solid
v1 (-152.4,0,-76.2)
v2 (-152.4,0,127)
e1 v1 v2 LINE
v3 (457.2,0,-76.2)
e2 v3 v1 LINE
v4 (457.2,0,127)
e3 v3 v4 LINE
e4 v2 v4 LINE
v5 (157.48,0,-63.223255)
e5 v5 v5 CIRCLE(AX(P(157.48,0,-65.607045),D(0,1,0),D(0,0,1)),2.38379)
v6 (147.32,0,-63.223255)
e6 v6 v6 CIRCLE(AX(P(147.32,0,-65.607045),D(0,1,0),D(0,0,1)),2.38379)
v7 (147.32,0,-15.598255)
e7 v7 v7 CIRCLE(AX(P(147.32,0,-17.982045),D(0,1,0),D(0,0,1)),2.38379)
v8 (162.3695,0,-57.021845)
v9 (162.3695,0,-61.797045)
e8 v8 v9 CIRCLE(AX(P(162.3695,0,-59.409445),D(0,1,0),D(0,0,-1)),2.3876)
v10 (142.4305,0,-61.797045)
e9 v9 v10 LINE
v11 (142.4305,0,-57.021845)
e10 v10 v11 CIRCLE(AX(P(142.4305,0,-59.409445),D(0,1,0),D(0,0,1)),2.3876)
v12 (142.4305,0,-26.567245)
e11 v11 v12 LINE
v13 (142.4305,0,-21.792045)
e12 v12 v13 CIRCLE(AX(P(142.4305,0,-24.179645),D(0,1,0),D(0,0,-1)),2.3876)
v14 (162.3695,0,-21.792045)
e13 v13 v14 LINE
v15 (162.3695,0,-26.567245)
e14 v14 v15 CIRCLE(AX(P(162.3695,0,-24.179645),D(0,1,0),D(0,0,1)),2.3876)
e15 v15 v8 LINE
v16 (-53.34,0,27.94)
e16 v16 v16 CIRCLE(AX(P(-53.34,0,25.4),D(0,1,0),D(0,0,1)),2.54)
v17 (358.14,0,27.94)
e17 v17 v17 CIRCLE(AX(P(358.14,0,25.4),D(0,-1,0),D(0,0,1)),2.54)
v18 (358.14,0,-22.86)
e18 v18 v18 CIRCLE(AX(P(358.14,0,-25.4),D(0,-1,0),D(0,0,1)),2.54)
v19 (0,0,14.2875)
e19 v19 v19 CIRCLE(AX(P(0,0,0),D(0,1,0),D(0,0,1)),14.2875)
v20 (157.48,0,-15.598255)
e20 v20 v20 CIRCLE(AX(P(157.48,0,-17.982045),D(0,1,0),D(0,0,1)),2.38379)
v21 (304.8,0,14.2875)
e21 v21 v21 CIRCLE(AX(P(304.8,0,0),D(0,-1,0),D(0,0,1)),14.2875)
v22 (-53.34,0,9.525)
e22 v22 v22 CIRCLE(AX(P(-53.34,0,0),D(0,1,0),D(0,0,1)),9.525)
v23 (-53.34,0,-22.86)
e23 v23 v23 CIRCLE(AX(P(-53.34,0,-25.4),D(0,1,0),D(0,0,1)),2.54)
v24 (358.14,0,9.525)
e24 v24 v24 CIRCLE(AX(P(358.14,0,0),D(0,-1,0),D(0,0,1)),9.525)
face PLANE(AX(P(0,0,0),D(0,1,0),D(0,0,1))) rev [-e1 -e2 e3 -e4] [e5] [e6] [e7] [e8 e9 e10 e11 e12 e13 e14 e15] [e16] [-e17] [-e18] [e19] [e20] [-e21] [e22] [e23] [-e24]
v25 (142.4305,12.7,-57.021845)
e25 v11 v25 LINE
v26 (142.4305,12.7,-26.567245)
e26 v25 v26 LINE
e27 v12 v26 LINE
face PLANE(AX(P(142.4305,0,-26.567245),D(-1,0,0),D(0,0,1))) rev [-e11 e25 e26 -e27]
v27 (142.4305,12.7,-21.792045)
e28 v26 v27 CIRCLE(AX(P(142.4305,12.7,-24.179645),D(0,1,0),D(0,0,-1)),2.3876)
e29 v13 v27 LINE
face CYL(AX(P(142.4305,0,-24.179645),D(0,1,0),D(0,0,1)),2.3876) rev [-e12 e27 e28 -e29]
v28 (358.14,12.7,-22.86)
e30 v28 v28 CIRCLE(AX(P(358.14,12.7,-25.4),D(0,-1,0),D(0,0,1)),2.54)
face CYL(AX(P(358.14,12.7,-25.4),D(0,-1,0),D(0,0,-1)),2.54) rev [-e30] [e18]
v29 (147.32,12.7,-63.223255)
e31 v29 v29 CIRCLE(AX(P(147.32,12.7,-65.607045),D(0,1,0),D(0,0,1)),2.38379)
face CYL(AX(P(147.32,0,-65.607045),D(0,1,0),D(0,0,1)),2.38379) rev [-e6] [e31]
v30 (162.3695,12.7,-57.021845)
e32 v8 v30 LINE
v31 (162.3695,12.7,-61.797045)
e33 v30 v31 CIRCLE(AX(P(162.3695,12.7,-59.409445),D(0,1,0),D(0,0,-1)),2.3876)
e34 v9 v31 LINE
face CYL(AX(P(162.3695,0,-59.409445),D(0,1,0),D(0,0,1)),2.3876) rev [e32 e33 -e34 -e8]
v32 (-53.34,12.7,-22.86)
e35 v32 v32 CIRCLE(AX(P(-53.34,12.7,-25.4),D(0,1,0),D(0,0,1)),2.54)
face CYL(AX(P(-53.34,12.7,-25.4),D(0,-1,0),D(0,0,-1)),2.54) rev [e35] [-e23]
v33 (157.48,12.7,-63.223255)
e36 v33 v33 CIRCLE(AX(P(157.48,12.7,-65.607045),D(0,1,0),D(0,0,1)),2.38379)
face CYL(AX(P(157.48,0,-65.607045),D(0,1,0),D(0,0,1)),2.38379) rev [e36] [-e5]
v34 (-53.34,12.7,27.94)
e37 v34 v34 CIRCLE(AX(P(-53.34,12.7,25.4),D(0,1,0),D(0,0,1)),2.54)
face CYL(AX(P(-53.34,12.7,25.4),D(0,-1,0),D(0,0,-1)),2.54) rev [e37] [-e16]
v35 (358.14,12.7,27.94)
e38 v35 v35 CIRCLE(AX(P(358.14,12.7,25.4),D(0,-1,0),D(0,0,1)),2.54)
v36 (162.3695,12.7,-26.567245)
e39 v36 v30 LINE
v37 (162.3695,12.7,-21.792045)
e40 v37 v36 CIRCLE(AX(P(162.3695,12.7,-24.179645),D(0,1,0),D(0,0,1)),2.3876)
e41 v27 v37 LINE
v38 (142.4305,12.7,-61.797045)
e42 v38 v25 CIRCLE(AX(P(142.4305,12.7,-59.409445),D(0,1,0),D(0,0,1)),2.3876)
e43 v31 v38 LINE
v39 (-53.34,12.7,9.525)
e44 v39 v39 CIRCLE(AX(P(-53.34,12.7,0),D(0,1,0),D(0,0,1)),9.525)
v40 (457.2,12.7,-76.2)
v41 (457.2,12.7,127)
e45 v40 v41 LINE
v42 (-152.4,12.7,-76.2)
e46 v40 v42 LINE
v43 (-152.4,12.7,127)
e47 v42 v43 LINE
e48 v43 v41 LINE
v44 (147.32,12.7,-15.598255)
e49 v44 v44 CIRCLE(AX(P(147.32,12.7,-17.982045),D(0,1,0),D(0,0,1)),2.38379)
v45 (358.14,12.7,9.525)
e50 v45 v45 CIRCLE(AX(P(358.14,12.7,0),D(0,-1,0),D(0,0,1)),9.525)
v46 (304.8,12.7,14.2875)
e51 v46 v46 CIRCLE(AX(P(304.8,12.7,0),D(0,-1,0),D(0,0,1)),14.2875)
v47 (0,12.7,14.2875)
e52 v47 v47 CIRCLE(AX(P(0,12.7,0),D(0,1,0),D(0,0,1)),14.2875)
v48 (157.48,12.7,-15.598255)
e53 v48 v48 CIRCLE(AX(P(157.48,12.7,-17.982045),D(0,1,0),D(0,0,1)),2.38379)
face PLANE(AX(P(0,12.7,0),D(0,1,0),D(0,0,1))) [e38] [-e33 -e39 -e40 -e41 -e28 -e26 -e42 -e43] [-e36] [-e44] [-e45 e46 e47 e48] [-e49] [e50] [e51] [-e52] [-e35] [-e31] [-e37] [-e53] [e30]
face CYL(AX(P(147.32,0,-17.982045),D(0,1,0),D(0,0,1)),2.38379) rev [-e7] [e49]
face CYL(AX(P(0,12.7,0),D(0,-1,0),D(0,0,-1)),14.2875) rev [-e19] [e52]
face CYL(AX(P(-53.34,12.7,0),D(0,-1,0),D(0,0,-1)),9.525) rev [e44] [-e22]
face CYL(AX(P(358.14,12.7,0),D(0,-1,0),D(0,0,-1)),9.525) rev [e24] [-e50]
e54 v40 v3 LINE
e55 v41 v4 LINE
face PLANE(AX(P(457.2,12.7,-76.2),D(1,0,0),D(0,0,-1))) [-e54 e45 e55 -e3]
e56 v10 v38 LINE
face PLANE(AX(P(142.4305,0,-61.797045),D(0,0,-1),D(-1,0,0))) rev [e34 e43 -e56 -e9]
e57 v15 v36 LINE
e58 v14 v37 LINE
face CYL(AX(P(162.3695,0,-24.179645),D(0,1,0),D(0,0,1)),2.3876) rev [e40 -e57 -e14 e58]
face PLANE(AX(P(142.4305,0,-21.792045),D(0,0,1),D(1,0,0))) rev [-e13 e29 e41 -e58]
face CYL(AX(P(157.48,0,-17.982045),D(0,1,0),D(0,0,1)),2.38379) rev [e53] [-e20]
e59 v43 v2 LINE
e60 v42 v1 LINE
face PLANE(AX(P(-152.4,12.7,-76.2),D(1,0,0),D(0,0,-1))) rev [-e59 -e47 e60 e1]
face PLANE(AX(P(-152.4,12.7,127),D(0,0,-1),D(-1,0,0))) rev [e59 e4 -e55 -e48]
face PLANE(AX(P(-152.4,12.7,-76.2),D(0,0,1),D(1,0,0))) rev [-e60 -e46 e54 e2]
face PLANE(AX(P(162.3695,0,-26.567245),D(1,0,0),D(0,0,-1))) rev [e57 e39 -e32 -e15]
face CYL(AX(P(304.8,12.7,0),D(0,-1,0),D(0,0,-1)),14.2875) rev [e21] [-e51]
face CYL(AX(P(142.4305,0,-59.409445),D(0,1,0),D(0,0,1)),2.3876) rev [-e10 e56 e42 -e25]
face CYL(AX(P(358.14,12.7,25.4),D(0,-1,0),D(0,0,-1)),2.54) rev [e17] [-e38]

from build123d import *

# Parameters (mm, degrees)
SKETCH1_W           = 304.8
SKETCH1_H           = 203.2
SKETCH1_R           = 14.2875
SKETCH1_R_2         = 9.525
SKETCH1_R_3         = 2.54
BOSS_EXTRUDE1_DEPTH = 12.7
SKETCH5_R           = 2.38379
CUT_EXTRUDE2_DEPTH  = 475.681082412


with BuildPart() as part:
    # Sketch1 → Boss-Extrude1 (new body)
    with BuildSketch(Plane(origin=(0, 0, 0), x_dir=(1, 0, 0), z_dir=(0, 1, 0))):
        with Locations((0, -25.4)):
            Rectangle(SKETCH1_W, SKETCH1_H)
        with Locations(Location((0, 0, 0), (0, 0, 270))):
            Circle(SKETCH1_R, mode=Mode.SUBTRACT)
        with Locations(Location((-53.34, 0, 0), (0, 0, 270))):
            Circle(SKETCH1_R_2, mode=Mode.SUBTRACT)
        with Locations(Location((-53.34, 25.4, 0), (0, 0, 270))):
            Circle(SKETCH1_R_3, mode=Mode.SUBTRACT)
        with Locations(Location((-53.34, -25.4, 0), (0, 0, 270))):
            Circle(SKETCH1_R_3, mode=Mode.SUBTRACT)
    boss_extrude1 = extrude(amount=BOSS_EXTRUDE1_DEPTH)

    # Mirror1: Boss-Extrude1 across plane
    add(boss_extrude1.mirror(Plane(origin=(152.4, 12.7, -76.2), x_dir=(0, 0, 1), z_dir=(-1, 0, 0))))

    # Sketch5 → Cut-Extrude2 (cut, through all)
    with BuildSketch(Plane(origin=(0, 12.7, 0), x_dir=(1, 0, 0), z_dir=(0, 1, 0))):
        with Locations(Location((157.48, 65.607045243, 0), (0, 0, 270))):
            Circle(SKETCH5_R)
        with Locations(Location((147.32, 65.607045243, 0), (0, 0, 270))):
            Circle(SKETCH5_R)
        with Locations(Location((147.32, 17.982045243, 0), (0, 0, 270))):
            Circle(SKETCH5_R)
        with Locations(Location((157.48, 17.982045243, 0), (0, 0, 270))):
            Circle(SKETCH5_R)
        with BuildLine():
            Line((142.4305, 21.792045243), (162.3695, 21.792045243))
            ThreePointArc((162.3695, 21.792045243), (164.7571, 24.179645243), (162.3695, 26.567245243))
            Line((162.3695, 26.567245243), (162.3695, 57.021845243))
            ThreePointArc((162.3695, 57.021845243), (164.7571, 59.409445243), (162.3695, 61.797045243))
            Line((162.3695, 61.797045243), (142.4305, 61.797045243))
            ThreePointArc((142.4305, 61.797045243), (140.0429, 59.409445243), (142.4305, 57.021845243))
            Line((142.4305, 57.021845243), (142.4305, 26.567245243))
            ThreePointArc((142.4305, 26.567245243), (140.0429, 24.179645243), (142.4305, 21.792045243))
        make_face()
    extrude(amount=-CUT_EXTRUDE2_DEPTH, mode=Mode.SUBTRACT)


solid = part.part
